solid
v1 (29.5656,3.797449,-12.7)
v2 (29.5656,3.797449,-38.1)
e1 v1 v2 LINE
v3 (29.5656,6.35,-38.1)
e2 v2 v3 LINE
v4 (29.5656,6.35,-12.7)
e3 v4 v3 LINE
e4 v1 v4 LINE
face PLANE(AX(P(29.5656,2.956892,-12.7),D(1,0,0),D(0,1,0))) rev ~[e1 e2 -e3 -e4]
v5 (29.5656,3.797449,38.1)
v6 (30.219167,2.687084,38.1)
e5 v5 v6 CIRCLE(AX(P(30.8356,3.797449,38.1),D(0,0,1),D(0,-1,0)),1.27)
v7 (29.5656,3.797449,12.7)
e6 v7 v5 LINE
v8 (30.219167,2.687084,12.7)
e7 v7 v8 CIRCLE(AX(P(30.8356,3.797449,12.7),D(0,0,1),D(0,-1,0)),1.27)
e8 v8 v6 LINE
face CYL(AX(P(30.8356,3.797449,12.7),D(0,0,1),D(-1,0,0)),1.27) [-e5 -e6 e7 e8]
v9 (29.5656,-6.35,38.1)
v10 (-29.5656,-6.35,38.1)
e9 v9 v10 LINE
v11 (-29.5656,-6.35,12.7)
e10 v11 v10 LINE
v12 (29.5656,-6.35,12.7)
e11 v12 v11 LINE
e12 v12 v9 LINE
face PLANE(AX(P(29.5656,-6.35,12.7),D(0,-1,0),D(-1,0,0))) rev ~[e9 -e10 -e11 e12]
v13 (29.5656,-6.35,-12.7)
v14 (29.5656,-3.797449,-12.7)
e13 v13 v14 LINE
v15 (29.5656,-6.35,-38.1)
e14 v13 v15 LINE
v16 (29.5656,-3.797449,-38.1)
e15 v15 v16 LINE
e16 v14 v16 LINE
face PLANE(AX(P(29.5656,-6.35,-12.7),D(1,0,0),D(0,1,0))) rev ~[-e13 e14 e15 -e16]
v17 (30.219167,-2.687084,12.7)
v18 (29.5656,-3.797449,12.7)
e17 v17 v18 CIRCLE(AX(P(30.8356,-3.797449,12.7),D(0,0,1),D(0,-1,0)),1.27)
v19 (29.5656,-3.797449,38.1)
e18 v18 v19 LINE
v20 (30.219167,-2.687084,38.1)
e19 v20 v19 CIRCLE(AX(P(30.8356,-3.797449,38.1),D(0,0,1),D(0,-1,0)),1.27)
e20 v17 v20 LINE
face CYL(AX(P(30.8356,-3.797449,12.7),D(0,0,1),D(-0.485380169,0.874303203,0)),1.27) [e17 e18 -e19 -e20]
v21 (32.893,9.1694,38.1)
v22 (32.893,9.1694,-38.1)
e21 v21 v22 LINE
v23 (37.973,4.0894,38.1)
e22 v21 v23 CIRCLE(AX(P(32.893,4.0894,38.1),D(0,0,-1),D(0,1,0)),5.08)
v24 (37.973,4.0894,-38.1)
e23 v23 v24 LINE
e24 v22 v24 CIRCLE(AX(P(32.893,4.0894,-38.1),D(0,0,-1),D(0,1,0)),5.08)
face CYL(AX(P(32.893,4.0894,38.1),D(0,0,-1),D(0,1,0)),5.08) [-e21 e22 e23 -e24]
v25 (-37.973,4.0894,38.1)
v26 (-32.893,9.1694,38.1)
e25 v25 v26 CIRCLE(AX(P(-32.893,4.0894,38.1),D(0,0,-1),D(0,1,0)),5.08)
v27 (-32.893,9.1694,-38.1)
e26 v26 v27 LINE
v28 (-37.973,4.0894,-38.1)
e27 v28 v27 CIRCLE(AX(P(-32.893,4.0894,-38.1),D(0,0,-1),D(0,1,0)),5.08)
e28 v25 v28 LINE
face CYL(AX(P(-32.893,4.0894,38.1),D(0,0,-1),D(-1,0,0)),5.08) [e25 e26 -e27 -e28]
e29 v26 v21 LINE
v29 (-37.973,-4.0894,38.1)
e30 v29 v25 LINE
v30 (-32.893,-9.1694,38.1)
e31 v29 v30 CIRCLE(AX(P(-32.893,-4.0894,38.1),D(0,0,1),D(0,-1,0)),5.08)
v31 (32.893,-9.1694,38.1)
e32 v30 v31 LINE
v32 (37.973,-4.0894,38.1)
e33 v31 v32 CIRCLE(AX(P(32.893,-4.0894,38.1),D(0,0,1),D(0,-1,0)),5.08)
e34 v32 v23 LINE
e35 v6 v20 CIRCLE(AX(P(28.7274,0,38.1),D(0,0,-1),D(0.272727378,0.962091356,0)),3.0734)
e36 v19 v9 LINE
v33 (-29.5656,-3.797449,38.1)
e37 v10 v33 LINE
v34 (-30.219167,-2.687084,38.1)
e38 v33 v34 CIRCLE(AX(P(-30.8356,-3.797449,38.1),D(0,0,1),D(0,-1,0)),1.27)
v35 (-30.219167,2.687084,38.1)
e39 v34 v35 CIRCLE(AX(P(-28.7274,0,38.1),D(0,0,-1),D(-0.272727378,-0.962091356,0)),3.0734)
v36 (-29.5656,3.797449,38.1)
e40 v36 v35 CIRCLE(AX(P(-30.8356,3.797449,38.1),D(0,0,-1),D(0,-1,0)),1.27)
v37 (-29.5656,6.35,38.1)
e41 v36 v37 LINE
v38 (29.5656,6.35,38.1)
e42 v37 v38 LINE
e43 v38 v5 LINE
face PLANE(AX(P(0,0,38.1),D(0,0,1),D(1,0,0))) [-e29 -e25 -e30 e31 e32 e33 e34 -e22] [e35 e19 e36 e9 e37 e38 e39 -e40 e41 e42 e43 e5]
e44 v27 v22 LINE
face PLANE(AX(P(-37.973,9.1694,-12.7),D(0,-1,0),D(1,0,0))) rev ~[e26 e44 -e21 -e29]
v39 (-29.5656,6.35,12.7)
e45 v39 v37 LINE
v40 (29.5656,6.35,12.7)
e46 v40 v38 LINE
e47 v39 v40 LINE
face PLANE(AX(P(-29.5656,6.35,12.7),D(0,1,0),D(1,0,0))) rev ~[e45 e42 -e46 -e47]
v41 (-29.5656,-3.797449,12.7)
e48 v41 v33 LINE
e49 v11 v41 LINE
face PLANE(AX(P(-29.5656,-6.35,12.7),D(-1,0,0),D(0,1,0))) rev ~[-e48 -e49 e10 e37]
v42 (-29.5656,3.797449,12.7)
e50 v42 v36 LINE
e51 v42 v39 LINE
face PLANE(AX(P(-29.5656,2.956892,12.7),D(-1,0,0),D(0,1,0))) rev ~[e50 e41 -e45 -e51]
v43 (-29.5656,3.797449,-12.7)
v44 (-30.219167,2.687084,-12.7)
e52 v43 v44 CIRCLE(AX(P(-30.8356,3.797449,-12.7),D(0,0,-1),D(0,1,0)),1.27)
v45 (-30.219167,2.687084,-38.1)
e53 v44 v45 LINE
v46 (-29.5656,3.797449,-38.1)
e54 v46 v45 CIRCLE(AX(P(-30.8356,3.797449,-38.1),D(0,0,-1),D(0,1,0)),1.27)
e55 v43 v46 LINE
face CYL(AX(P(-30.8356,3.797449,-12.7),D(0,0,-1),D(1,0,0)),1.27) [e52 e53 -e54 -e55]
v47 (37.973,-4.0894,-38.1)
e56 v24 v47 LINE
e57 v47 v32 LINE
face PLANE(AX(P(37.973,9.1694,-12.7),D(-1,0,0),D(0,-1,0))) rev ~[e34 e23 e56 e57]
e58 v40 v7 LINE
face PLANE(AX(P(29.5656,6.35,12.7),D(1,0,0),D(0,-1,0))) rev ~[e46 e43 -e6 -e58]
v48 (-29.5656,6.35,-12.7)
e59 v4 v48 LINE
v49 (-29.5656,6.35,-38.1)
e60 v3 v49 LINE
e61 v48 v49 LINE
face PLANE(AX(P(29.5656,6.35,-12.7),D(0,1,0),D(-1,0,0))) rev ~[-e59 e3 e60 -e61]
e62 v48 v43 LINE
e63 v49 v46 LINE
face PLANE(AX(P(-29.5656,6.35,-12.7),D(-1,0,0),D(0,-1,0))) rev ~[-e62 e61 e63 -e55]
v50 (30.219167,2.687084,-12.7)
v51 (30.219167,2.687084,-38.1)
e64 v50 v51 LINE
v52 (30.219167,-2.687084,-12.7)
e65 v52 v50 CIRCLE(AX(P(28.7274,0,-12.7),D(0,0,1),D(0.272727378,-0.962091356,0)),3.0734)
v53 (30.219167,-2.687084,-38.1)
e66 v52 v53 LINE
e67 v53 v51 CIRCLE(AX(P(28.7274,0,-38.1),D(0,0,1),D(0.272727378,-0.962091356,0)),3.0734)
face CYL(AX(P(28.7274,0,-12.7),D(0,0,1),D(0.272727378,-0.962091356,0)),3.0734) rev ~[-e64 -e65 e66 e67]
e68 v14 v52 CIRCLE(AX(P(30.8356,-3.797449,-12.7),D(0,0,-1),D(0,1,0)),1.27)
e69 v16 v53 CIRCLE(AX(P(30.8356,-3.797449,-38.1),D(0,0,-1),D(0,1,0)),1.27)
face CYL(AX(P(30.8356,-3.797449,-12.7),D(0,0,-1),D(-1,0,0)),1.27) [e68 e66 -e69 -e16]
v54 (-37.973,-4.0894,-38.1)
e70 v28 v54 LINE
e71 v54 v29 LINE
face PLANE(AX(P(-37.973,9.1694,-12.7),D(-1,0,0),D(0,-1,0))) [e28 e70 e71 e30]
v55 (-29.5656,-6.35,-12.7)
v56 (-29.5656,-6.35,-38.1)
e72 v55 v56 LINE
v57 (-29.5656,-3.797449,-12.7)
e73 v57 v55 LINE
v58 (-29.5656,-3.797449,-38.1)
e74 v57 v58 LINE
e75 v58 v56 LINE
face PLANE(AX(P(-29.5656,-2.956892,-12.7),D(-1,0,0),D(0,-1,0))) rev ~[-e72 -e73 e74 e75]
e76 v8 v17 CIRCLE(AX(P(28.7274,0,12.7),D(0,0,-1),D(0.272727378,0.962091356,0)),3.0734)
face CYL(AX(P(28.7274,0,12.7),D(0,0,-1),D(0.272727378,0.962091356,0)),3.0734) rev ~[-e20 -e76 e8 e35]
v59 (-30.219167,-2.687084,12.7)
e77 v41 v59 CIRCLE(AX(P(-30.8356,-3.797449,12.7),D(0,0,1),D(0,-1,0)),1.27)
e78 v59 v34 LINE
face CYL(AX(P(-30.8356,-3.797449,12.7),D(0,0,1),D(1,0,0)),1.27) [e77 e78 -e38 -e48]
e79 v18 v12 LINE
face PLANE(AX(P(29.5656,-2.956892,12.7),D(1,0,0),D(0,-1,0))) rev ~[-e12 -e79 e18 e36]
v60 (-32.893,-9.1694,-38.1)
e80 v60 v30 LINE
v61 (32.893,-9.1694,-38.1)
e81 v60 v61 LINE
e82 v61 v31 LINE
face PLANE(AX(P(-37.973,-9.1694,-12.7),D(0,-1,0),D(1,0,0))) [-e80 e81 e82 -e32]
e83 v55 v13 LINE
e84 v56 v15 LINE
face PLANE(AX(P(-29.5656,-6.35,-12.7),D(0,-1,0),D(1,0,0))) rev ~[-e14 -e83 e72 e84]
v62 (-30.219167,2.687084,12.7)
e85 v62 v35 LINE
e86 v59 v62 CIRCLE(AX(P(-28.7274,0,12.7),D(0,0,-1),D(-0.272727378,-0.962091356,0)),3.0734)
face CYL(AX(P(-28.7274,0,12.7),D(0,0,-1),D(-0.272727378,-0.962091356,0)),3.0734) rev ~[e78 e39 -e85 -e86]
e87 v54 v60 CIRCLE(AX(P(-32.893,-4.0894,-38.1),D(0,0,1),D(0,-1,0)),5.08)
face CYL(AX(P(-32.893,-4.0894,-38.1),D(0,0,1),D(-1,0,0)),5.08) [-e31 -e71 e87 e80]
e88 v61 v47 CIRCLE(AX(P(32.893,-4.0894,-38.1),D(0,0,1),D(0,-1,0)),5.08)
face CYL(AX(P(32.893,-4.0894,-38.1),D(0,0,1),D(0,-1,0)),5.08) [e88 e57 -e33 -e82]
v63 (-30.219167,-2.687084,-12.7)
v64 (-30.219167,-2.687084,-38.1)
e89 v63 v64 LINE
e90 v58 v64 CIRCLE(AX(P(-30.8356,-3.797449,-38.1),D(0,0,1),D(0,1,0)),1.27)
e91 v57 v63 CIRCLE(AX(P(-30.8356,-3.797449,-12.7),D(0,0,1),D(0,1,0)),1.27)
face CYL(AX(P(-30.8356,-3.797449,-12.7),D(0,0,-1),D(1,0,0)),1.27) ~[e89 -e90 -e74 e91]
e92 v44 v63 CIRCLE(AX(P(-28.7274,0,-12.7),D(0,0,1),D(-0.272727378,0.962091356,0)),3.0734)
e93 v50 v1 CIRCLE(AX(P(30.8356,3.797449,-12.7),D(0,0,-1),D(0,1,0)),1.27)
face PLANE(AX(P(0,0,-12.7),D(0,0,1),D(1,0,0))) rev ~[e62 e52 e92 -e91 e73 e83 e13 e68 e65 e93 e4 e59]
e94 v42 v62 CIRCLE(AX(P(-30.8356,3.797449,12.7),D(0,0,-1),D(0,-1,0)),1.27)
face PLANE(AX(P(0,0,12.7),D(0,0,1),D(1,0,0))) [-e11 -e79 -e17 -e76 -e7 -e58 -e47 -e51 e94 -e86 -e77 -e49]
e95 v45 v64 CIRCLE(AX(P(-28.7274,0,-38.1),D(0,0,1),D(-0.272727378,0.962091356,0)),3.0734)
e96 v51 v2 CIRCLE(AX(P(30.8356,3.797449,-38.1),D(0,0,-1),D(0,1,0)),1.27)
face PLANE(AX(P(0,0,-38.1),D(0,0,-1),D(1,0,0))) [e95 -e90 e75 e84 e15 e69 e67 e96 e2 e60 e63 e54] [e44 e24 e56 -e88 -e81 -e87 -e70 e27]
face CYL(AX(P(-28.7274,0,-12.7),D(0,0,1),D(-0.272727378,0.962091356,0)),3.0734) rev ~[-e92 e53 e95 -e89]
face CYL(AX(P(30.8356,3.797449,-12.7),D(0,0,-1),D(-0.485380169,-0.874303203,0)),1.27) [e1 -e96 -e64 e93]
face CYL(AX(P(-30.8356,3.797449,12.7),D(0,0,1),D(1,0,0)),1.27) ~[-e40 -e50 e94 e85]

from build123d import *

# Parameters (mm, degrees)
F0_W     = 75.946
F0_H     = 18.3388
F1_DEPTH = 12.7
F2_W     = 75.946
F2_H     = 18.3388
F4_DEPTH = 25.4
F3_W     = 75.946
F3_H     = 18.3388
F5_DEPTH = 25.4
F6_R     = 1.27
F7_R     = 5.08


with BuildPart() as f1:
    # F0 (on Top) → F1 (new body, symmetric)
    with BuildSketch(Plane.XY):
        Rectangle(F0_W, F0_H)
    extrude(amount=F1_DEPTH, both=True)

    # F2 (on face) → F4 (join)
    with BuildSketch(Plane.XY.offset(12.7)):
        Rectangle(F2_W, F2_H)
        with BuildLine():
            Line((-29.5656, 2.956892), (-29.5656, 6.35))
            Line((-29.5656, 6.35), (29.5656, 6.35))
            Line((29.5656, 6.35), (29.5656, 2.956892))
            ThreePointArc((29.5656, 2.956892), (31.8008, 0), (29.5656, -2.956892))
            Line((29.5656, -2.956892), (29.5656, -6.35))
            Line((29.5656, -6.35), (-29.5656, -6.35))
            Line((-29.5656, -6.35), (-29.5656, -2.956892))
            ThreePointArc((-29.5656, -2.956892), (-31.8008, 0), (-29.5656, 2.956892))
        make_face(mode=Mode.SUBTRACT)
    extrude(amount=F4_DEPTH)

    # F3 (on face) → F5 (join)
    with BuildSketch(Plane(origin=(0, 0, -12.7), x_dir=(1, 0, 0), z_dir=(0, 0, -1))):
        Rectangle(F3_W, F3_H)
        with BuildLine():
            Line((-29.5656, 2.956892), (-29.5656, 6.35))
            Line((-29.5656, 6.35), (29.5656, 6.35))
            Line((29.5656, 6.35), (29.5656, 2.956892))
            ThreePointArc((29.5656, 2.956892), (31.8008, 0), (29.5656, -2.956892))
            Line((29.5656, -2.956892), (29.5656, -6.35))
            Line((29.5656, -6.35), (-29.5656, -6.35))
            Line((-29.5656, -6.35), (-29.5656, -2.956892))
            ThreePointArc((-29.5656, -2.956892), (-31.8008, 0), (-29.5656, 2.956892))
        make_face(mode=Mode.SUBTRACT)
    extrude(amount=F5_DEPTH)

    # F6
    f6_edges = [f1.edges().sort_by_distance(p)[0] for p in [
        (-29.5656, 2.956892, 25.4),
        (-29.5656, -2.956892, 25.4),
        (29.5656, -2.956892, 25.4),
        (29.5656, 2.956892, 25.4),
        (-29.5656, -2.956892, -25.4),
        (-29.5656, 2.956892, -25.4),
        (29.5656, 2.956892, -25.4),
        (29.5656, -2.956892, -25.4),
    ]]
    fillet(f6_edges, radius=F6_R)

    # F7
    f7_edges = [f1.edges().sort_by_distance(p)[0] for p in [
        (37.973, -9.1694, 0),
        (37.973, 9.1694, 0),
        (-37.973, -9.1694, 0),
        (-37.973, 9.1694, 0),
    ]]
    fillet(f7_edges, radius=F7_R)


solid = f1.part
